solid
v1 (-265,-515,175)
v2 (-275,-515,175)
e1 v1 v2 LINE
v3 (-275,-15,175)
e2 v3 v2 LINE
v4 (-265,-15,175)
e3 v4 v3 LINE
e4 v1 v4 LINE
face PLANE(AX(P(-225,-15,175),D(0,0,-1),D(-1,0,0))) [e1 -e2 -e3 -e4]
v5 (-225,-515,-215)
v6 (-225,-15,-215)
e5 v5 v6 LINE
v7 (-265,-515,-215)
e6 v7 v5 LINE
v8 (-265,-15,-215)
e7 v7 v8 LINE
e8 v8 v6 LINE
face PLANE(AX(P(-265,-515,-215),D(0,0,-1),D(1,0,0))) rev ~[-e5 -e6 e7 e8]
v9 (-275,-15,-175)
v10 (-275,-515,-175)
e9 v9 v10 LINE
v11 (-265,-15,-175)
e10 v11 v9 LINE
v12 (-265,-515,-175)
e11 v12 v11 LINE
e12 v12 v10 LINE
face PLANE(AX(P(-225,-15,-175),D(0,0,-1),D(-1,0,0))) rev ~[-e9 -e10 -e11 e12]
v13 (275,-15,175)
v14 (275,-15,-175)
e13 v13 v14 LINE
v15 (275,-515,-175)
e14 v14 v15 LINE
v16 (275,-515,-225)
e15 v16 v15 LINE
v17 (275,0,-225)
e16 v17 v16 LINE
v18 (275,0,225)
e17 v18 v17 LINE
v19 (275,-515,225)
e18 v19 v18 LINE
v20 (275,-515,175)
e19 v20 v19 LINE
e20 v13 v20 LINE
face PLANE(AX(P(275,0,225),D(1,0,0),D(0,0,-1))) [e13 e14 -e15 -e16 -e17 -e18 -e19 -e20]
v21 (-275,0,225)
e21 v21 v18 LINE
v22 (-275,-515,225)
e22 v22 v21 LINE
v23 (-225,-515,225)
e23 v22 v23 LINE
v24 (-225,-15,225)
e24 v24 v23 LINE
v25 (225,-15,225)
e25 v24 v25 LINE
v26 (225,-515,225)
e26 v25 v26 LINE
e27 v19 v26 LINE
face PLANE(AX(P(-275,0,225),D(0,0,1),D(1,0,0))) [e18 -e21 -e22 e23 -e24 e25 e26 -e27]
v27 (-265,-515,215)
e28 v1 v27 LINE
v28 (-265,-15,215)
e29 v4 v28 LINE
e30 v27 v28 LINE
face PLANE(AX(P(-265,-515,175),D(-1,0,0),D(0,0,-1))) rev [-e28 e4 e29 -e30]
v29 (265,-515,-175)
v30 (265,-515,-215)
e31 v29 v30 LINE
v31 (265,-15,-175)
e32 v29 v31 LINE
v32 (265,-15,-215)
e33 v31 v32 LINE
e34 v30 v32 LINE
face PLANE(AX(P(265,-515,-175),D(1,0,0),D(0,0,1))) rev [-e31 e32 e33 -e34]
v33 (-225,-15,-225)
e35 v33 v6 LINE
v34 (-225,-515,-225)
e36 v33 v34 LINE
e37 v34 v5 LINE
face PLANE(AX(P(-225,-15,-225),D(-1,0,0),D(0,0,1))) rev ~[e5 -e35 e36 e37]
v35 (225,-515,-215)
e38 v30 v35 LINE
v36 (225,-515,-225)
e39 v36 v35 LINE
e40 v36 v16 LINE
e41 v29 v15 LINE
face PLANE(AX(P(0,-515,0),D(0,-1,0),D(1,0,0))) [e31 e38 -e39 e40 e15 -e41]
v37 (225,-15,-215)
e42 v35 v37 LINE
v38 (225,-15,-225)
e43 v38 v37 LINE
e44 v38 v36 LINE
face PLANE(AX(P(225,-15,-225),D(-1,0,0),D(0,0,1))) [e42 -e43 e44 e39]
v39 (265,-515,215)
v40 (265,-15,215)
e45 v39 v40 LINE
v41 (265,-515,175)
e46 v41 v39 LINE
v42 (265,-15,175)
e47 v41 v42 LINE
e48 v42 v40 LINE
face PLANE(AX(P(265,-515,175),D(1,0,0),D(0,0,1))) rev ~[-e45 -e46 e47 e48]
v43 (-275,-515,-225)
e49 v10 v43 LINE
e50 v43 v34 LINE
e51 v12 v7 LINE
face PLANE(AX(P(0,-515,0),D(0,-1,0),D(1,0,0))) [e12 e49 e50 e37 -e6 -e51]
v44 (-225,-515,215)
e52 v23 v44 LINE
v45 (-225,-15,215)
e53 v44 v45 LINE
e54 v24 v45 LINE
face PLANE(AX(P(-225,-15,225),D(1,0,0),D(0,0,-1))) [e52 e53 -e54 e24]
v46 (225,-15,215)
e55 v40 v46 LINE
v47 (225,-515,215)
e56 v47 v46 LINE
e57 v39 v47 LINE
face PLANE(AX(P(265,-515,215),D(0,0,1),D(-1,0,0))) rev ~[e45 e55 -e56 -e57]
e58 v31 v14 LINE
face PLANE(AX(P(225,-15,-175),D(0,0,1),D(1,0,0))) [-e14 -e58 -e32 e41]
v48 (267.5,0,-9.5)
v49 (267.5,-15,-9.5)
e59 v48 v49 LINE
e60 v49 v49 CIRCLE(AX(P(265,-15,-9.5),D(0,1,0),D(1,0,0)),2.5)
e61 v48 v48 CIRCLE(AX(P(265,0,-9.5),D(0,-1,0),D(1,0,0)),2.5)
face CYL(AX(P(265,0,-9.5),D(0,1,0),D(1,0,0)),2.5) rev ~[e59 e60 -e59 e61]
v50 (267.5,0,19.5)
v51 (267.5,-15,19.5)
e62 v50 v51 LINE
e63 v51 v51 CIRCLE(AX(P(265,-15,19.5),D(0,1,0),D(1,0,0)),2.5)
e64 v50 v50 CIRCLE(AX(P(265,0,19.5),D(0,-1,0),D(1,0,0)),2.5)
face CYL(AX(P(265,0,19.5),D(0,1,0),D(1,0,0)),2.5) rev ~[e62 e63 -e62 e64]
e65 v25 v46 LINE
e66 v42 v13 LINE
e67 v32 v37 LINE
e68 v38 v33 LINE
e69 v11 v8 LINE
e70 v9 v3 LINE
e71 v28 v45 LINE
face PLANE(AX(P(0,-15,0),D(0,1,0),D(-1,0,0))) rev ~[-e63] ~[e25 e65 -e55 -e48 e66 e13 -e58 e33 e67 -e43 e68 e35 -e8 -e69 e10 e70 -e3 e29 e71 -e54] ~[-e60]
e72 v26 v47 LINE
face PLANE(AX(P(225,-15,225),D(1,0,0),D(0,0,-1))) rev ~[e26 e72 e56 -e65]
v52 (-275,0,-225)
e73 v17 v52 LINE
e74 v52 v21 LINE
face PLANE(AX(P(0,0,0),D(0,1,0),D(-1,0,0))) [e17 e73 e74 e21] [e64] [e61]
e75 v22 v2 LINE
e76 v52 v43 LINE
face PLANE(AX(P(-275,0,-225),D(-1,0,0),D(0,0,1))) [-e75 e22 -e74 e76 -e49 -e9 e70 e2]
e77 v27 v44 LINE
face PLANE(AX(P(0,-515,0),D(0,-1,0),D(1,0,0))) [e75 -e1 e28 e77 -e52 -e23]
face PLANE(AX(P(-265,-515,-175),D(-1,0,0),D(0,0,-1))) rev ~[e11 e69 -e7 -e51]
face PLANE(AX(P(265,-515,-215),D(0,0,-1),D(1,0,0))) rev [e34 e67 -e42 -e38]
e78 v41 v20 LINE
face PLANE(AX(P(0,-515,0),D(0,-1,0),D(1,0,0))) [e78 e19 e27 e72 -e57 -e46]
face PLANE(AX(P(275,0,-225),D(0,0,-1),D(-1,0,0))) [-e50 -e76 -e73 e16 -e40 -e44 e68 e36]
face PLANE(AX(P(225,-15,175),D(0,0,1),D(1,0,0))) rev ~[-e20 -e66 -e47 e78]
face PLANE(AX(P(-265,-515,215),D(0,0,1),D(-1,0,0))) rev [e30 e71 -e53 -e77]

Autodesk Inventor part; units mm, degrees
ref_plane "YZ Plane" through (0, 0, 0) normal (1, 0, 0) x (0, 1, 0)
ref_plane "XZ Plane" through (0, 0, 0) normal (0, 1, 0) x (-1, 0, 0)
ref_plane "XY Plane" through (0, 0, 0) normal (0, 0, 1) x (1, 0, 0)
sketch "Sketch1" plane through (0, 0, 0) normal (0, 1, 0) x (-1, 0, 0)
  line L0 (275, 225) -> (-275, 225)
  line L1 (-275, 225) -> (-275, -225)
  line L2 (-275, -225) -> (275, -225)
  line L3 (275, -225) -> (275, 225)
  line L4 (275, 225) -> (-275, -225) construction
  line L5 (-275, 225) -> (275, -225) construction
  point P0 (0, 0)
  dimension "d0" = 550
  dimension "d1" = 450
extrude "Extrusion1" add sketch "Sketch1" against normal blind 15
sketch "Sketch2" plane through (0, -15, 0) normal (0, -1, 0) x (1, 0, 0)
  line L0 (275, -225) -> (275, 225) projected
  line L1 (275, 225) -> (225, 225)
  line L2 (225, 225) -> (225, 175)
  line L3 (225, 175) -> (275, 175)
  line L4 (275, 175) -> (275, 225)
  line L5 (-275, -225) -> (275, -225) projected
  line L6 (275, -225) -> (225, -225)
  line L7 (225, -225) -> (225, -175)
  line L8 (225, -175) -> (275, -175)
  line L9 (275, -175) -> (275, -225)
  line L10 (-275, 225) -> (-275, -225) projected
  line L11 (-275, -225) -> (-225, -225)
  line L12 (-225, -225) -> (-225, -175)
  line L13 (-225, -175) -> (-275, -175)
  line L14 (-275, -175) -> (-275, -225)
  line L15 (-275, 225) -> (-225, 225)
  line L16 (-225, 225) -> (-225, 175)
  line L17 (-225, 175) -> (-275, 175)
  line L18 (-275, 175) -> (-275, 225)
  point P0 (0, 0)
  dimension "d4" = 50
  dimension "d5" = 50
  dimension "d6" = 50
  dimension "d7" = 50
extrude "Extrusion2" add sketch "Sketch2" along normal blind 500
sketch "Sketch3" plane through (0, -515, 0) normal (0, -1, 0) x (1, 0, 0)
  line L0 (225, 175) -> (275, 175) projected
  line L1 (225, 175) -> (265, 175)
  line L2 (265, 175) -> (265, 215)
  line L3 (265, 215) -> (225, 215)
  line L4 (225, 215) -> (225, 175)
  point P0 (0, 0)
  dimension "d10" = 40
  dimension "d11" = 40
extrude "Extrusion3" cut sketch "Sketch3" against normal blind 500
mirror "Mirror1" about plane through (0, 0, 0) normal (1, 0, 0) of "Extrusion3"
mirror "Mirror2" about plane through (0, 0, 0) normal (0, 0, 1) of "Extrusion3"
sketch "Sketch4" plane through (0, -515, 0) normal (0, -1, 0) x (1, 0, 0)
  line L0 (-275, -175) -> (-225, -175) projected
  line L1 (-225, -175) -> (-265, -175)
  line L2 (-265, -175) -> (-265, -215)
  line L3 (-265, -215) -> (-225, -215)
  line L4 (-225, -215) -> (-225, -175)
  point P0 (0, 0)
  dimension "d14" = 40
  dimension "d15" = 40
extrude "Extrusion4" cut sketch "Sketch4" against normal blind 500
sketch "Sketch5" plane through (0, 0, 0) normal (0, 1, 0) x (1, 0, 0)
  line L0 (275, -225) -> (275, 225) projected
  line L1 (275, 0) -> (265, 0)
  line L2 (265, 0) -> (265, -19.5)
  line L3 (265, -19.5) -> (265, 9.5)
  circle A0 centre (265, 9.5) radius 2.5
  circle A1 centre (265, -19.5) radius 2.5
  point P0 (0, 0)
  dimension "d18" = 10
  dimension "d19" = 19.5
  dimension "d20" = 29
  dimension "d21" = 5
  dimension "d22" = 5
extrude "Extrusion5" cut sketch "Sketch5" against normal through all
thread "Thread1" size "M5x0.8" class "6H" standard "ISO Metric profile" full length
thread "Thread2" size "M5x0.8" class "6H" standard "ISO Metric profile" full length
ref_plane "Work Plane1" through (0, 0, 0) normal (1, 0, 0) x (0, 1, 0)
ref_plane "Work Plane2" through (0, 0, 0) normal (0, 0, 1) x (1, 0, 0)
properties part number "Work table" material "Steel, Mild"
